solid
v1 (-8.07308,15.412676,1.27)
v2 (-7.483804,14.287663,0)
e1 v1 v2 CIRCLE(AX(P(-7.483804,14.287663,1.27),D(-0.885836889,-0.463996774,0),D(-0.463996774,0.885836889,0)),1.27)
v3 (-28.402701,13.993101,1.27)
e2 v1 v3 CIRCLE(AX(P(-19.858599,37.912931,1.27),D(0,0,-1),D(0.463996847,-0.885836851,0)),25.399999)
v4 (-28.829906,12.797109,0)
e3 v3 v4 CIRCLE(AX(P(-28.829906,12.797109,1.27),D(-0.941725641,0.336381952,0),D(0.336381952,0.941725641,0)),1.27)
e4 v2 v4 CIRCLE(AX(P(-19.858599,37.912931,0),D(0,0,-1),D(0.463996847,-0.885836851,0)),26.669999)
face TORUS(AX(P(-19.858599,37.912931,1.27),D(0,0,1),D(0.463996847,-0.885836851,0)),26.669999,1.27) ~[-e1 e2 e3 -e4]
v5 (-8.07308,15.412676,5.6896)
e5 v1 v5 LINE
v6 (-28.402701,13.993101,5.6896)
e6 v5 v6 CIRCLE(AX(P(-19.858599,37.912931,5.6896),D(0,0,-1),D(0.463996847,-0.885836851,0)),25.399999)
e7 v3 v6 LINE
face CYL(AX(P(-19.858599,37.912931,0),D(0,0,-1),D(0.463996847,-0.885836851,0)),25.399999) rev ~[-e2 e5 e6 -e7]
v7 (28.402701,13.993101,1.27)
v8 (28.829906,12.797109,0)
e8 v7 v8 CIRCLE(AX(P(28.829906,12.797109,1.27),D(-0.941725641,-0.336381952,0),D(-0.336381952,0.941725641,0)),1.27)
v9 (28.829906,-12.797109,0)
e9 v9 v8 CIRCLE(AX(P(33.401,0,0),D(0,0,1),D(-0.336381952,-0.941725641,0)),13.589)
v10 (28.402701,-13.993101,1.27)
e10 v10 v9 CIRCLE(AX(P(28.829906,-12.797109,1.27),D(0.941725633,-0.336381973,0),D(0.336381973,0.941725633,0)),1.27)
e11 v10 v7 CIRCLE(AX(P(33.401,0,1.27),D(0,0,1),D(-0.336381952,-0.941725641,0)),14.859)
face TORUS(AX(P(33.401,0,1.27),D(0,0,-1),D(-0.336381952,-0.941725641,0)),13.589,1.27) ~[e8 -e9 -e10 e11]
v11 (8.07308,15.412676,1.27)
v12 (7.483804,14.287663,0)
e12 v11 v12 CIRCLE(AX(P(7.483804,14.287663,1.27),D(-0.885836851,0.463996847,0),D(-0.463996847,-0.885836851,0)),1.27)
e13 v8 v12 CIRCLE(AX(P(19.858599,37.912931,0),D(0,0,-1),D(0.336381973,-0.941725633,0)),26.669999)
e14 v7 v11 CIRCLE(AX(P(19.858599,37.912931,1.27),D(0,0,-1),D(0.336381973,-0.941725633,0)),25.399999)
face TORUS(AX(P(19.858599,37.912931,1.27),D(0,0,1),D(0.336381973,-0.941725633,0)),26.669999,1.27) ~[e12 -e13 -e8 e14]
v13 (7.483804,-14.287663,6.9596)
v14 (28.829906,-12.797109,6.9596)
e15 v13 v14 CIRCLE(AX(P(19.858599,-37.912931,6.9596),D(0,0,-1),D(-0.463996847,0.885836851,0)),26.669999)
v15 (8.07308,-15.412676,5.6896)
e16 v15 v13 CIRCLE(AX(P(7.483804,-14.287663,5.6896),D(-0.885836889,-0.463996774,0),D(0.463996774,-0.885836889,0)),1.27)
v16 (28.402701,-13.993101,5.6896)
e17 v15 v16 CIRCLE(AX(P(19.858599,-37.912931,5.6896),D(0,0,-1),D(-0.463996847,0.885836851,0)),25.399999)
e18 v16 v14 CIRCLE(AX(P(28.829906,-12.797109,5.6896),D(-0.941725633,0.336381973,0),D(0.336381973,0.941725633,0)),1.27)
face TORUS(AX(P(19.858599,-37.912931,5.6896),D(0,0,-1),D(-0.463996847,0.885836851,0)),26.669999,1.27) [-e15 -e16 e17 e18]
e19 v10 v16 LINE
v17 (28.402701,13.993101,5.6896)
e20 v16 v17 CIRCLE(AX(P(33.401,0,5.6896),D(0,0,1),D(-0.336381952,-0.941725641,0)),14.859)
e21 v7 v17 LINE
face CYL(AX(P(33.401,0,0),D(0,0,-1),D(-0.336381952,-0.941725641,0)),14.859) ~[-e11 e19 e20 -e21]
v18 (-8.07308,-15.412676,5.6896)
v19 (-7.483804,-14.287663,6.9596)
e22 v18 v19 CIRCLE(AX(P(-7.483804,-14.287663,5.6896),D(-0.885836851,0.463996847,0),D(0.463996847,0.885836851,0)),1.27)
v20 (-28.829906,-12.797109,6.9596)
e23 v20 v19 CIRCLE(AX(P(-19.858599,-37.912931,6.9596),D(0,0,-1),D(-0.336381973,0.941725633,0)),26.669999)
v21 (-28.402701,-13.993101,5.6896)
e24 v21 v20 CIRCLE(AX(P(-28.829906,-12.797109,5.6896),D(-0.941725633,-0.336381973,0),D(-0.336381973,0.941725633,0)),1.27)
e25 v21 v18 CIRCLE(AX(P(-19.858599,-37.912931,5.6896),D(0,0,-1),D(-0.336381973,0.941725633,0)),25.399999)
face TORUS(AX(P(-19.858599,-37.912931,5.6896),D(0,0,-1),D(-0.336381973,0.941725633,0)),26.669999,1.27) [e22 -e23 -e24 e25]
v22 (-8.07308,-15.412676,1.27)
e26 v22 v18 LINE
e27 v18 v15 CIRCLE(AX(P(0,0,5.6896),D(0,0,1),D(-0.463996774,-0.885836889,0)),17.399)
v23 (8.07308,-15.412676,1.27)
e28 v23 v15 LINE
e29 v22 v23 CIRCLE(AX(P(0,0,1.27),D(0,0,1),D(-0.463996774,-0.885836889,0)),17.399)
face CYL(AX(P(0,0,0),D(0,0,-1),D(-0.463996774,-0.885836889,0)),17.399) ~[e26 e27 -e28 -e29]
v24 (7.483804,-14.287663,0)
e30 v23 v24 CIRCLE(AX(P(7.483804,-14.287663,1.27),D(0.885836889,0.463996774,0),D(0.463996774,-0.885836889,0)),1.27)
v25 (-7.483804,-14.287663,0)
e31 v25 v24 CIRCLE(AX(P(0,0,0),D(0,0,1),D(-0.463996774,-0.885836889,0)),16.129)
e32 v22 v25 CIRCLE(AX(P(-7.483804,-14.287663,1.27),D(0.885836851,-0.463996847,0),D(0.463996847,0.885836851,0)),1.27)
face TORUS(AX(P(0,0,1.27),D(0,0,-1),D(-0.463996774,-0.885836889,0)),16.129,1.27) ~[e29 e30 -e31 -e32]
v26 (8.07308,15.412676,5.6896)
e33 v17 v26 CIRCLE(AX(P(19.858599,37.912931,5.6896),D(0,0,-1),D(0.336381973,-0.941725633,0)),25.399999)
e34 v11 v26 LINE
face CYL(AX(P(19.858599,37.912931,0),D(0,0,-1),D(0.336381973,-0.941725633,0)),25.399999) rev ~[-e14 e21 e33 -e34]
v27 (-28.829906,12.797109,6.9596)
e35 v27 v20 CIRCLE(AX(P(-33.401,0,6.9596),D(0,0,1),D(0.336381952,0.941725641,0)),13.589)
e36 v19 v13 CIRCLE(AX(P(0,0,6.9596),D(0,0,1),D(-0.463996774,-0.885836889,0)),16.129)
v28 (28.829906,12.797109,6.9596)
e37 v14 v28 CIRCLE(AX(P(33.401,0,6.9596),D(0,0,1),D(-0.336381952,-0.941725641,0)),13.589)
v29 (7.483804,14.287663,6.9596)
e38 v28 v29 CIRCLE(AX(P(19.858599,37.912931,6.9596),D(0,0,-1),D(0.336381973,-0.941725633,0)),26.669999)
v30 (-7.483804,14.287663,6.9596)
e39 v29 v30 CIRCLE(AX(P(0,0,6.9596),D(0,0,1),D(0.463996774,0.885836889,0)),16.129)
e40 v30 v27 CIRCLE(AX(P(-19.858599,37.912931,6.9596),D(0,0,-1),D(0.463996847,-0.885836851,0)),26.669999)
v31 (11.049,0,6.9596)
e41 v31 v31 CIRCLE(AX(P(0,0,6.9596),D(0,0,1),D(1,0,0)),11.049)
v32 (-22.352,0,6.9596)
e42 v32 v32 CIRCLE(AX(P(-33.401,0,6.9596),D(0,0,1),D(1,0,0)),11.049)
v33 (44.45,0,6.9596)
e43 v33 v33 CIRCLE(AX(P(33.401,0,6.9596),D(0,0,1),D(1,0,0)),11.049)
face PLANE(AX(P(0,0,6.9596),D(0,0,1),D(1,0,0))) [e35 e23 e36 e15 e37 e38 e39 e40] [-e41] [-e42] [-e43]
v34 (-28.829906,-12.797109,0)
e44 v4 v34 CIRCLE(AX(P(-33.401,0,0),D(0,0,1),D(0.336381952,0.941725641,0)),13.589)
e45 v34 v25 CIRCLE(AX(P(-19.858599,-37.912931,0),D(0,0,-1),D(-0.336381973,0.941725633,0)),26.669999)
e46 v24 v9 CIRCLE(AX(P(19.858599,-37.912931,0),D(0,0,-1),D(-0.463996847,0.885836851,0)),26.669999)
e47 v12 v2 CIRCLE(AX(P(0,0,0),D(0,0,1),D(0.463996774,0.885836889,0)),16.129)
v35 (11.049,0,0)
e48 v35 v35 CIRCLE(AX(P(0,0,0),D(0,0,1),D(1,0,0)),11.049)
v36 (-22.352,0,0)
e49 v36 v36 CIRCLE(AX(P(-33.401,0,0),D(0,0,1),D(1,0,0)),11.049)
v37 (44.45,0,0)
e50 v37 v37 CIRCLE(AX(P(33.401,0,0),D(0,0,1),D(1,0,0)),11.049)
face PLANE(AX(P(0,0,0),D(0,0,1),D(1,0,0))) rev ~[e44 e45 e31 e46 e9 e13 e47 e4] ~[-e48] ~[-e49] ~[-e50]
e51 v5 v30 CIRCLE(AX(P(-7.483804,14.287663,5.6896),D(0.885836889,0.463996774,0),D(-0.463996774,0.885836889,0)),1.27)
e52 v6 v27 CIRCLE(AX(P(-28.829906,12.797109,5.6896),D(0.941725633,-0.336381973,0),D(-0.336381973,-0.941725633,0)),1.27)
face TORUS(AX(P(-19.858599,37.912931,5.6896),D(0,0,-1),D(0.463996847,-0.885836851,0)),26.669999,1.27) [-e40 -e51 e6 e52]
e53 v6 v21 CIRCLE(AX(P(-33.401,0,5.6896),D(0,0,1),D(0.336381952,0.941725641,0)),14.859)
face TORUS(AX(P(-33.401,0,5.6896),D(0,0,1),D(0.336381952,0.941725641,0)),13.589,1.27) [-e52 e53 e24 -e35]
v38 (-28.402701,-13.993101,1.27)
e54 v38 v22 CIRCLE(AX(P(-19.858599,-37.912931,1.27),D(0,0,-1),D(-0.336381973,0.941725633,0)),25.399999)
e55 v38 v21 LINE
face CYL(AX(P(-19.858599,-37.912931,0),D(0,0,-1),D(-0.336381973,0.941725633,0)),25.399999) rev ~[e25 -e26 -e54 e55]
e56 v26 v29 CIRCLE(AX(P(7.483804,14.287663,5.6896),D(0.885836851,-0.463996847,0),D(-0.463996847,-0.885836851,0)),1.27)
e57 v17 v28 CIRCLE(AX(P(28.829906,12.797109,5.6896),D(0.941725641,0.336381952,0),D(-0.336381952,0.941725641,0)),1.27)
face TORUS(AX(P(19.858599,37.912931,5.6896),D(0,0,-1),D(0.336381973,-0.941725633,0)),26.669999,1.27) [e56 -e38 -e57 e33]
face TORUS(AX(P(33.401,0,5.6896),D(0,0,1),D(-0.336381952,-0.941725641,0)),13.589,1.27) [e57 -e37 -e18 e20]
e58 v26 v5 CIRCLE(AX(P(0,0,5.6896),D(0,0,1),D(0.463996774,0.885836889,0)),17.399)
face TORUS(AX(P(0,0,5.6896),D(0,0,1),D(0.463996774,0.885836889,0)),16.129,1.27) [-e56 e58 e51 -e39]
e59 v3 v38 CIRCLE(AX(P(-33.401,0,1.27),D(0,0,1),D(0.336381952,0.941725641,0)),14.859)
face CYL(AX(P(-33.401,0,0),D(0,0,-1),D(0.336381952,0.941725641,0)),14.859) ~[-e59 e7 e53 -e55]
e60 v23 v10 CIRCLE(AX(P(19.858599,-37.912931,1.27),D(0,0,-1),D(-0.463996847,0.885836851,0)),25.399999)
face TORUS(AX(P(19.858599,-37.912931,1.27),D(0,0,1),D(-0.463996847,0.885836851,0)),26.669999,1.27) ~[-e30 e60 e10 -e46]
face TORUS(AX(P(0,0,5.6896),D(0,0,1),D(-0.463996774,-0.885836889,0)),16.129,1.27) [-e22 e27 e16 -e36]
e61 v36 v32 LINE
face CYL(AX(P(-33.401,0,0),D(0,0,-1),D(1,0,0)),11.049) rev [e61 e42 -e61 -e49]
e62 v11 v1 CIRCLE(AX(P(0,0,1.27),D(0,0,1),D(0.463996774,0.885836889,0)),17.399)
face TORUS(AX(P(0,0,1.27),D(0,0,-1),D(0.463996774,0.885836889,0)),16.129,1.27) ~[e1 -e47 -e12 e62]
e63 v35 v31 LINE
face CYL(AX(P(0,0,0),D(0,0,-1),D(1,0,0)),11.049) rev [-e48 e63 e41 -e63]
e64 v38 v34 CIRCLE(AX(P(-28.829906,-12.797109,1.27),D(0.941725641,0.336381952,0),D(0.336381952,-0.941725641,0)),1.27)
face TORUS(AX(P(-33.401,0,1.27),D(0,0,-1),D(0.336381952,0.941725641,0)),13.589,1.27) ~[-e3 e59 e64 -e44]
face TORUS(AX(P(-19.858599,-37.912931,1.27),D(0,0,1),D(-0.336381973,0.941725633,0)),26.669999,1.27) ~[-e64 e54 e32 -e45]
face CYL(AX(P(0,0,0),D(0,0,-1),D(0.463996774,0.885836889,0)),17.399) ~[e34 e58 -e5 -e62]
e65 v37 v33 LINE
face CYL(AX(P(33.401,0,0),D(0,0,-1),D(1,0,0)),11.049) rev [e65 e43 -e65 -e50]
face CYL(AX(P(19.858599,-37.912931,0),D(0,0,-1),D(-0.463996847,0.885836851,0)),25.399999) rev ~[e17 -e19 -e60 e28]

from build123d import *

# Parameters (mm, degrees)
F0_R     = 11.049
F1_DEPTH = 6.9596
F2_R     = 1.27


with BuildPart() as f1:
    # F0 (on Top) → F1 (new body)
    with BuildSketch(Plane.XY):
        with BuildLine():
            ThreePointArc((-28.402701, -13.993101), (-18.089279, -12.574631), (-8.07308, -15.412676))
            ThreePointArc((-8.07308, -15.412676), (0, -17.399), (8.07308, -15.412676))
            ThreePointArc((8.07308, -15.412676), (18.089279, -12.574631), (28.402701, -13.993101))
            ThreePointArc((28.402701, -13.993101), (48.26, 0), (28.402701, 13.993101))
            ThreePointArc((28.402701, 13.993101), (18.089279, 12.574631), (8.07308, 15.412676))
            ThreePointArc((8.07308, 15.412676), (0, 17.399), (-8.07308, 15.412676))
            ThreePointArc((-8.07308, 15.412676), (-18.089279, 12.574631), (-28.402701, 13.993101))
            ThreePointArc((-28.402701, 13.993101), (-48.26, 0), (-28.402701, -13.993101))
        make_face()
        with Locations((-33.401, 0)):
            Circle(F0_R, mode=Mode.SUBTRACT)
        Circle(F0_R, mode=Mode.SUBTRACT)
        with Locations((33.401, 0)):
            Circle(F0_R, mode=Mode.SUBTRACT)
    extrude(amount=F1_DEPTH)

    # F2
    f2_edges = [f1.edges().sort_by_distance(p)[0] for p in [
        (-18.089279, -12.574631, 6.9596),
        (-48.26, 0, 0),
    ]]
    fillet(f2_edges, radius=F2_R)


solid = f1.part
